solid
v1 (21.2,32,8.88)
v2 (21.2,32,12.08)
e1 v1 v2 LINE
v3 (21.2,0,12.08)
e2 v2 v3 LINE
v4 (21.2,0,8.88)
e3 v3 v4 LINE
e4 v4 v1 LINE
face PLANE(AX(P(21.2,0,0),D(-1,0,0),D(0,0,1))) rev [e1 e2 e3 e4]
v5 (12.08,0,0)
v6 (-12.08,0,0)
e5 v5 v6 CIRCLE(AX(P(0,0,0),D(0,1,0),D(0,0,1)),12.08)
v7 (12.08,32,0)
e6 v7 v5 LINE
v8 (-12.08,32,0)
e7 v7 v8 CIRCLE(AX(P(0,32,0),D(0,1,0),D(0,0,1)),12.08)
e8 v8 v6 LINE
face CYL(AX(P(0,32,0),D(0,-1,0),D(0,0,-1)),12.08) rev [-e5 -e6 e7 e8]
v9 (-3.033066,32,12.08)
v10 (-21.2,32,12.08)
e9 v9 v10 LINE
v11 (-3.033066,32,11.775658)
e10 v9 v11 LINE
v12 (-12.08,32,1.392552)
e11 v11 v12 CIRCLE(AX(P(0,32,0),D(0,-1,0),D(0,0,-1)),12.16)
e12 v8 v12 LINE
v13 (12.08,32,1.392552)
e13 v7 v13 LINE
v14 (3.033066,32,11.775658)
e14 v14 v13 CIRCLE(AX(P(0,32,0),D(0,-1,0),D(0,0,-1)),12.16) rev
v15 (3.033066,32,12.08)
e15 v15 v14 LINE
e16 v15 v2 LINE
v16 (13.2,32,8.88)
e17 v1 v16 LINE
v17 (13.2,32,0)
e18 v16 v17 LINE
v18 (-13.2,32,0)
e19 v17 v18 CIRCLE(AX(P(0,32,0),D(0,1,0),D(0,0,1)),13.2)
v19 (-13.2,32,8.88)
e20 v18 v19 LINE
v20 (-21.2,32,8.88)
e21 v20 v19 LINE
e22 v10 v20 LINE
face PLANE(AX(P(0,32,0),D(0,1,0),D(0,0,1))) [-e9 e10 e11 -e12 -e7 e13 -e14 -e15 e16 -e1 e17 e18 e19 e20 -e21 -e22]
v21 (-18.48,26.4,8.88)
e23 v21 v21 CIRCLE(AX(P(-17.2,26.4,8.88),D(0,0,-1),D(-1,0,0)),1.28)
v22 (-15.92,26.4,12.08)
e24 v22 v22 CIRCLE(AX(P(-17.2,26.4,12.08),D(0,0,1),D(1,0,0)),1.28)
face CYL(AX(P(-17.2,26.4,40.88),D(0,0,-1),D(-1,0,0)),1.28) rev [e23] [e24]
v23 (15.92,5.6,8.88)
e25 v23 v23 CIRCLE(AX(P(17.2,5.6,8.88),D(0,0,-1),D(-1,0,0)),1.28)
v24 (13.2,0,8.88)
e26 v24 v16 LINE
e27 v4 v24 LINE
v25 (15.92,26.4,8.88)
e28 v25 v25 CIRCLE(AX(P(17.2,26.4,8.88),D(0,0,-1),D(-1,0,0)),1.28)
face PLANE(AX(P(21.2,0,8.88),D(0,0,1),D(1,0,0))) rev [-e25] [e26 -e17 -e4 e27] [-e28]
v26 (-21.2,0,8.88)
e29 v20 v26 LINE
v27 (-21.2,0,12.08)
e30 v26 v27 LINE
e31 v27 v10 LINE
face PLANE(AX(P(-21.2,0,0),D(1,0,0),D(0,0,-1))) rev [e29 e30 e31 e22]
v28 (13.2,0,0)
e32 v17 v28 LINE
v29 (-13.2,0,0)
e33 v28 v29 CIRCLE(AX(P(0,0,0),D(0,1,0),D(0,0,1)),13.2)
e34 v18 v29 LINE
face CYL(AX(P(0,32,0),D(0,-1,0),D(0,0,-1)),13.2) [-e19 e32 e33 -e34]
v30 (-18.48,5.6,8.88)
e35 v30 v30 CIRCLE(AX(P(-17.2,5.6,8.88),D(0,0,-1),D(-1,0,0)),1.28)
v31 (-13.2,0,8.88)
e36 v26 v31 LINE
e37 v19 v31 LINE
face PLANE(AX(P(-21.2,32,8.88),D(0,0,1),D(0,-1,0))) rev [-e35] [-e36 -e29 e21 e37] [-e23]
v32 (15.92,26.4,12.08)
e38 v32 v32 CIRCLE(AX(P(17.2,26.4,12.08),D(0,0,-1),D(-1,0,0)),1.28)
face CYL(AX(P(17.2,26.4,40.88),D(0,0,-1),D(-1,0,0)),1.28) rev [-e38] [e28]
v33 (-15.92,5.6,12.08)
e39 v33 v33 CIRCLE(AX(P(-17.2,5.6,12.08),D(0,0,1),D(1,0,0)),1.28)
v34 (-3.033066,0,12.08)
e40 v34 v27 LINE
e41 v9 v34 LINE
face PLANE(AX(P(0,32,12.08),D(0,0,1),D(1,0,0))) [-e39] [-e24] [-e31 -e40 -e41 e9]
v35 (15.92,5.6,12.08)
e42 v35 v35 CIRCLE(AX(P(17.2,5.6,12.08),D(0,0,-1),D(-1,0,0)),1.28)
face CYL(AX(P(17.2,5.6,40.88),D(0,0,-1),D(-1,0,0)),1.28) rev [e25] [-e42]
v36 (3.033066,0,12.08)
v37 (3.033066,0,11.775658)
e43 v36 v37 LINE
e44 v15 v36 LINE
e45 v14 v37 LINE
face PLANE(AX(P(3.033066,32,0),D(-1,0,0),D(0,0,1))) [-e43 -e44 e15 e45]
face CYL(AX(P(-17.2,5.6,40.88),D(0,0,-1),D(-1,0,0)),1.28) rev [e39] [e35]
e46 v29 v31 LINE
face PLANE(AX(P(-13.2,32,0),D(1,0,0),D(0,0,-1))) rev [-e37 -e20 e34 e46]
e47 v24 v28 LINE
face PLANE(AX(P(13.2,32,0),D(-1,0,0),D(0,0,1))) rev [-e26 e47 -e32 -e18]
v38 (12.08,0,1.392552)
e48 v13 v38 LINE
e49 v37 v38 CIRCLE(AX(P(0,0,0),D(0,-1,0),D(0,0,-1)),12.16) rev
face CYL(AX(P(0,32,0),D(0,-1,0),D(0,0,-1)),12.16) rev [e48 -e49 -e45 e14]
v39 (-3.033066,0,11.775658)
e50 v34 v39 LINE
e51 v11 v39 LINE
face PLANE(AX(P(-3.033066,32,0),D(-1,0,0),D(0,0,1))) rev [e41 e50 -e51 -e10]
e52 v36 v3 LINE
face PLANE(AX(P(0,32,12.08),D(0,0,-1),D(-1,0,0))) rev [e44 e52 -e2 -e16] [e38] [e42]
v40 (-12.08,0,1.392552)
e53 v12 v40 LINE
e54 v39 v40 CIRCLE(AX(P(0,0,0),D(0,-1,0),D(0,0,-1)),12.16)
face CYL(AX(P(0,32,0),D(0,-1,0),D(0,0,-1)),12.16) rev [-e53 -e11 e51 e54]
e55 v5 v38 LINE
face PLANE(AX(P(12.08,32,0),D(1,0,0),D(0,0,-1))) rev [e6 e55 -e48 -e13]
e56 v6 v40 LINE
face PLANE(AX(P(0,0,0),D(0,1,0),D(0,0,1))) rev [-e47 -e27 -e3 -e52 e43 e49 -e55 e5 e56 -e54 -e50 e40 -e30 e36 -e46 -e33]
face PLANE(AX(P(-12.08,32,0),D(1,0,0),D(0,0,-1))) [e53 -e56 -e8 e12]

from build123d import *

# Parameters (mm, degrees)
BOSS_EXTRUDE3_DEPTH = 40
SKETCH8_W           = 4
SKETCH8_H           = 40
BOSS_EXTRUDE6_DEPTH = 10
SKETCH9_W           = 4
SKETCH9_H           = 40
BOSS_EXTRUDE7_DEPTH = 10
BOSS_EXTRUDE9_DEPTH = 40
CUT_EXTRUDE1_DEPTH  = 40
SCALE1_SCALE_X      = 0.8
SCALE1_SCALE_Y      = 0.8
SCALE1_SCALE_Z      = 0.8


with BuildPart() as part:
    # Sketch3 → Boss-Extrude3 (new body)
    with BuildSketch(Plane(origin=(0, 0, 0), x_dir=(1, 0, 0), z_dir=(0, 1, 0))):
        with BuildLine():
            ThreePointArc((16.5, 0), (0, 16.5), (-16.5, 0))
            Line((-16.5, 0), (-16.5, -15.1))
            Line((-16.5, -15.1), (-15.1, -15.1))
            Line((-15.1, -15.1), (-15.1, 0))
            ThreePointArc((-15.1, 0), (0, 15.1), (15.1, 0))
            Line((15.1, 0), (15.1, -15.1))
            Line((15.1, -15.1), (16.5, -15.1))
            Line((16.5, -15.1), (16.5, 0))
        make_face()
    extrude(amount=BOSS_EXTRUDE3_DEPTH)

    # Sketch8 → Boss-Extrude6 (add)
    with BuildSketch(Plane(origin=(16.5, 0, 0), x_dir=(0, 0, -1), z_dir=(1, 0, 0))):
        with Locations((-13.1, 20)):
            Rectangle(SKETCH8_W, SKETCH8_H)
    extrude(amount=BOSS_EXTRUDE6_DEPTH)

    # Sketch9 → Boss-Extrude7 (add)
    with BuildSketch(Plane.ZY.offset(16.5)):
        with Locations((13.1, 20)):
            Rectangle(SKETCH9_W, SKETCH9_H)
    extrude(amount=BOSS_EXTRUDE7_DEPTH)

    # Sketch10 → Boss-Extrude9 (add)
    with BuildSketch(Plane(origin=(0, 0, 0), x_dir=(-1, 0, 0), z_dir=(0, -1, 0))):
        with BuildLine():
            Line((3.791332709, -15.1), (15.1, -15.1))
            Line((15.1, -15.1), (15.1, -1.740689519))
            ThreePointArc((15.1, -1.740689519), (11.460081139, -9.985316234), (3.791332709, -14.719571879))
            Line((3.791332709, -14.719571879), (3.791332709, -15.1))
        make_face()
        with BuildLine():
            Line((-15.1, -15.1), (-3.791332709, -15.1))
            Line((-3.791332709, -15.1), (-3.791332709, -14.719571879))
            ThreePointArc((-3.791332709, -14.719571879), (-11.460081139, -9.985316234), (-15.1, -1.740689519))
            Line((-15.1, -1.740689519), (-15.1, -15.1))
        make_face()
    extrude(amount=-BOSS_EXTRUDE9_DEPTH)

    # Sketch11 → Cut-Extrude1 (cut)
    with BuildSketch(Plane(origin=(0, 0, 11.1), x_dir=(-1, 0, 0), z_dir=(0, 0, -1))):
        with BuildLine():
            ThreePointArc((-19.9, 33), (-20.36862915, 34.13137085), (-21.5, 34.6))
            Line((-21.5, 34.6), (-21.5, 31.4))
            ThreePointArc((-21.5, 31.4), (-20.36862915, 31.86862915), (-19.9, 33))
        make_face()
        with BuildLine():
            Line((-21.5, 31.4), (-21.5, 34.6))
            ThreePointArc((-21.5, 34.6), (-23.1, 33), (-21.5, 31.4))
        make_face()
        with BuildLine():
            ThreePointArc((-19.9, 7), (-20.36862915, 8.13137085), (-21.5, 8.6))
            Line((-21.5, 8.6), (-21.5, 5.4))
            ThreePointArc((-21.5, 5.4), (-20.36862915, 5.86862915), (-19.9, 7))
        make_face()
        with BuildLine():
            Line((-21.5, 5.4), (-21.5, 8.6))
            ThreePointArc((-21.5, 8.6), (-23.1, 7), (-21.5, 5.4))
        make_face()
        with BuildLine():
            ThreePointArc((23.1, 7), (22.63137085, 8.13137085), (21.5, 8.6))
            Line((21.5, 8.6), (21.5, 5.4))
            ThreePointArc((21.5, 5.4), (22.63137085, 5.86862915), (23.1, 7))
        make_face()
        with BuildLine():
            Line((21.5, 5.4), (21.5, 8.6))
            ThreePointArc((21.5, 8.6), (19.9, 7), (21.5, 5.4))
        make_face()
        with BuildLine():
            ThreePointArc((23.1, 33), (22.63137085, 34.13137085), (21.5, 34.6))
            Line((21.5, 34.6), (21.5, 31.4))
            ThreePointArc((21.5, 31.4), (22.63137085, 31.86862915), (23.1, 33))
        make_face()
        with BuildLine():
            Line((21.5, 31.4), (21.5, 34.6))
            ThreePointArc((21.5, 34.6), (19.9, 33), (21.5, 31.4))
        make_face()
    extrude(amount=-CUT_EXTRUDE1_DEPTH, mode=Mode.SUBTRACT)


with BuildPart() as part_1:
    # Scale1: scaled about (0, 0, 0)
    add(part.part.scale((SCALE1_SCALE_X, SCALE1_SCALE_Y, SCALE1_SCALE_Z), about=(0, 0, 0)))


solid = part_1.part
